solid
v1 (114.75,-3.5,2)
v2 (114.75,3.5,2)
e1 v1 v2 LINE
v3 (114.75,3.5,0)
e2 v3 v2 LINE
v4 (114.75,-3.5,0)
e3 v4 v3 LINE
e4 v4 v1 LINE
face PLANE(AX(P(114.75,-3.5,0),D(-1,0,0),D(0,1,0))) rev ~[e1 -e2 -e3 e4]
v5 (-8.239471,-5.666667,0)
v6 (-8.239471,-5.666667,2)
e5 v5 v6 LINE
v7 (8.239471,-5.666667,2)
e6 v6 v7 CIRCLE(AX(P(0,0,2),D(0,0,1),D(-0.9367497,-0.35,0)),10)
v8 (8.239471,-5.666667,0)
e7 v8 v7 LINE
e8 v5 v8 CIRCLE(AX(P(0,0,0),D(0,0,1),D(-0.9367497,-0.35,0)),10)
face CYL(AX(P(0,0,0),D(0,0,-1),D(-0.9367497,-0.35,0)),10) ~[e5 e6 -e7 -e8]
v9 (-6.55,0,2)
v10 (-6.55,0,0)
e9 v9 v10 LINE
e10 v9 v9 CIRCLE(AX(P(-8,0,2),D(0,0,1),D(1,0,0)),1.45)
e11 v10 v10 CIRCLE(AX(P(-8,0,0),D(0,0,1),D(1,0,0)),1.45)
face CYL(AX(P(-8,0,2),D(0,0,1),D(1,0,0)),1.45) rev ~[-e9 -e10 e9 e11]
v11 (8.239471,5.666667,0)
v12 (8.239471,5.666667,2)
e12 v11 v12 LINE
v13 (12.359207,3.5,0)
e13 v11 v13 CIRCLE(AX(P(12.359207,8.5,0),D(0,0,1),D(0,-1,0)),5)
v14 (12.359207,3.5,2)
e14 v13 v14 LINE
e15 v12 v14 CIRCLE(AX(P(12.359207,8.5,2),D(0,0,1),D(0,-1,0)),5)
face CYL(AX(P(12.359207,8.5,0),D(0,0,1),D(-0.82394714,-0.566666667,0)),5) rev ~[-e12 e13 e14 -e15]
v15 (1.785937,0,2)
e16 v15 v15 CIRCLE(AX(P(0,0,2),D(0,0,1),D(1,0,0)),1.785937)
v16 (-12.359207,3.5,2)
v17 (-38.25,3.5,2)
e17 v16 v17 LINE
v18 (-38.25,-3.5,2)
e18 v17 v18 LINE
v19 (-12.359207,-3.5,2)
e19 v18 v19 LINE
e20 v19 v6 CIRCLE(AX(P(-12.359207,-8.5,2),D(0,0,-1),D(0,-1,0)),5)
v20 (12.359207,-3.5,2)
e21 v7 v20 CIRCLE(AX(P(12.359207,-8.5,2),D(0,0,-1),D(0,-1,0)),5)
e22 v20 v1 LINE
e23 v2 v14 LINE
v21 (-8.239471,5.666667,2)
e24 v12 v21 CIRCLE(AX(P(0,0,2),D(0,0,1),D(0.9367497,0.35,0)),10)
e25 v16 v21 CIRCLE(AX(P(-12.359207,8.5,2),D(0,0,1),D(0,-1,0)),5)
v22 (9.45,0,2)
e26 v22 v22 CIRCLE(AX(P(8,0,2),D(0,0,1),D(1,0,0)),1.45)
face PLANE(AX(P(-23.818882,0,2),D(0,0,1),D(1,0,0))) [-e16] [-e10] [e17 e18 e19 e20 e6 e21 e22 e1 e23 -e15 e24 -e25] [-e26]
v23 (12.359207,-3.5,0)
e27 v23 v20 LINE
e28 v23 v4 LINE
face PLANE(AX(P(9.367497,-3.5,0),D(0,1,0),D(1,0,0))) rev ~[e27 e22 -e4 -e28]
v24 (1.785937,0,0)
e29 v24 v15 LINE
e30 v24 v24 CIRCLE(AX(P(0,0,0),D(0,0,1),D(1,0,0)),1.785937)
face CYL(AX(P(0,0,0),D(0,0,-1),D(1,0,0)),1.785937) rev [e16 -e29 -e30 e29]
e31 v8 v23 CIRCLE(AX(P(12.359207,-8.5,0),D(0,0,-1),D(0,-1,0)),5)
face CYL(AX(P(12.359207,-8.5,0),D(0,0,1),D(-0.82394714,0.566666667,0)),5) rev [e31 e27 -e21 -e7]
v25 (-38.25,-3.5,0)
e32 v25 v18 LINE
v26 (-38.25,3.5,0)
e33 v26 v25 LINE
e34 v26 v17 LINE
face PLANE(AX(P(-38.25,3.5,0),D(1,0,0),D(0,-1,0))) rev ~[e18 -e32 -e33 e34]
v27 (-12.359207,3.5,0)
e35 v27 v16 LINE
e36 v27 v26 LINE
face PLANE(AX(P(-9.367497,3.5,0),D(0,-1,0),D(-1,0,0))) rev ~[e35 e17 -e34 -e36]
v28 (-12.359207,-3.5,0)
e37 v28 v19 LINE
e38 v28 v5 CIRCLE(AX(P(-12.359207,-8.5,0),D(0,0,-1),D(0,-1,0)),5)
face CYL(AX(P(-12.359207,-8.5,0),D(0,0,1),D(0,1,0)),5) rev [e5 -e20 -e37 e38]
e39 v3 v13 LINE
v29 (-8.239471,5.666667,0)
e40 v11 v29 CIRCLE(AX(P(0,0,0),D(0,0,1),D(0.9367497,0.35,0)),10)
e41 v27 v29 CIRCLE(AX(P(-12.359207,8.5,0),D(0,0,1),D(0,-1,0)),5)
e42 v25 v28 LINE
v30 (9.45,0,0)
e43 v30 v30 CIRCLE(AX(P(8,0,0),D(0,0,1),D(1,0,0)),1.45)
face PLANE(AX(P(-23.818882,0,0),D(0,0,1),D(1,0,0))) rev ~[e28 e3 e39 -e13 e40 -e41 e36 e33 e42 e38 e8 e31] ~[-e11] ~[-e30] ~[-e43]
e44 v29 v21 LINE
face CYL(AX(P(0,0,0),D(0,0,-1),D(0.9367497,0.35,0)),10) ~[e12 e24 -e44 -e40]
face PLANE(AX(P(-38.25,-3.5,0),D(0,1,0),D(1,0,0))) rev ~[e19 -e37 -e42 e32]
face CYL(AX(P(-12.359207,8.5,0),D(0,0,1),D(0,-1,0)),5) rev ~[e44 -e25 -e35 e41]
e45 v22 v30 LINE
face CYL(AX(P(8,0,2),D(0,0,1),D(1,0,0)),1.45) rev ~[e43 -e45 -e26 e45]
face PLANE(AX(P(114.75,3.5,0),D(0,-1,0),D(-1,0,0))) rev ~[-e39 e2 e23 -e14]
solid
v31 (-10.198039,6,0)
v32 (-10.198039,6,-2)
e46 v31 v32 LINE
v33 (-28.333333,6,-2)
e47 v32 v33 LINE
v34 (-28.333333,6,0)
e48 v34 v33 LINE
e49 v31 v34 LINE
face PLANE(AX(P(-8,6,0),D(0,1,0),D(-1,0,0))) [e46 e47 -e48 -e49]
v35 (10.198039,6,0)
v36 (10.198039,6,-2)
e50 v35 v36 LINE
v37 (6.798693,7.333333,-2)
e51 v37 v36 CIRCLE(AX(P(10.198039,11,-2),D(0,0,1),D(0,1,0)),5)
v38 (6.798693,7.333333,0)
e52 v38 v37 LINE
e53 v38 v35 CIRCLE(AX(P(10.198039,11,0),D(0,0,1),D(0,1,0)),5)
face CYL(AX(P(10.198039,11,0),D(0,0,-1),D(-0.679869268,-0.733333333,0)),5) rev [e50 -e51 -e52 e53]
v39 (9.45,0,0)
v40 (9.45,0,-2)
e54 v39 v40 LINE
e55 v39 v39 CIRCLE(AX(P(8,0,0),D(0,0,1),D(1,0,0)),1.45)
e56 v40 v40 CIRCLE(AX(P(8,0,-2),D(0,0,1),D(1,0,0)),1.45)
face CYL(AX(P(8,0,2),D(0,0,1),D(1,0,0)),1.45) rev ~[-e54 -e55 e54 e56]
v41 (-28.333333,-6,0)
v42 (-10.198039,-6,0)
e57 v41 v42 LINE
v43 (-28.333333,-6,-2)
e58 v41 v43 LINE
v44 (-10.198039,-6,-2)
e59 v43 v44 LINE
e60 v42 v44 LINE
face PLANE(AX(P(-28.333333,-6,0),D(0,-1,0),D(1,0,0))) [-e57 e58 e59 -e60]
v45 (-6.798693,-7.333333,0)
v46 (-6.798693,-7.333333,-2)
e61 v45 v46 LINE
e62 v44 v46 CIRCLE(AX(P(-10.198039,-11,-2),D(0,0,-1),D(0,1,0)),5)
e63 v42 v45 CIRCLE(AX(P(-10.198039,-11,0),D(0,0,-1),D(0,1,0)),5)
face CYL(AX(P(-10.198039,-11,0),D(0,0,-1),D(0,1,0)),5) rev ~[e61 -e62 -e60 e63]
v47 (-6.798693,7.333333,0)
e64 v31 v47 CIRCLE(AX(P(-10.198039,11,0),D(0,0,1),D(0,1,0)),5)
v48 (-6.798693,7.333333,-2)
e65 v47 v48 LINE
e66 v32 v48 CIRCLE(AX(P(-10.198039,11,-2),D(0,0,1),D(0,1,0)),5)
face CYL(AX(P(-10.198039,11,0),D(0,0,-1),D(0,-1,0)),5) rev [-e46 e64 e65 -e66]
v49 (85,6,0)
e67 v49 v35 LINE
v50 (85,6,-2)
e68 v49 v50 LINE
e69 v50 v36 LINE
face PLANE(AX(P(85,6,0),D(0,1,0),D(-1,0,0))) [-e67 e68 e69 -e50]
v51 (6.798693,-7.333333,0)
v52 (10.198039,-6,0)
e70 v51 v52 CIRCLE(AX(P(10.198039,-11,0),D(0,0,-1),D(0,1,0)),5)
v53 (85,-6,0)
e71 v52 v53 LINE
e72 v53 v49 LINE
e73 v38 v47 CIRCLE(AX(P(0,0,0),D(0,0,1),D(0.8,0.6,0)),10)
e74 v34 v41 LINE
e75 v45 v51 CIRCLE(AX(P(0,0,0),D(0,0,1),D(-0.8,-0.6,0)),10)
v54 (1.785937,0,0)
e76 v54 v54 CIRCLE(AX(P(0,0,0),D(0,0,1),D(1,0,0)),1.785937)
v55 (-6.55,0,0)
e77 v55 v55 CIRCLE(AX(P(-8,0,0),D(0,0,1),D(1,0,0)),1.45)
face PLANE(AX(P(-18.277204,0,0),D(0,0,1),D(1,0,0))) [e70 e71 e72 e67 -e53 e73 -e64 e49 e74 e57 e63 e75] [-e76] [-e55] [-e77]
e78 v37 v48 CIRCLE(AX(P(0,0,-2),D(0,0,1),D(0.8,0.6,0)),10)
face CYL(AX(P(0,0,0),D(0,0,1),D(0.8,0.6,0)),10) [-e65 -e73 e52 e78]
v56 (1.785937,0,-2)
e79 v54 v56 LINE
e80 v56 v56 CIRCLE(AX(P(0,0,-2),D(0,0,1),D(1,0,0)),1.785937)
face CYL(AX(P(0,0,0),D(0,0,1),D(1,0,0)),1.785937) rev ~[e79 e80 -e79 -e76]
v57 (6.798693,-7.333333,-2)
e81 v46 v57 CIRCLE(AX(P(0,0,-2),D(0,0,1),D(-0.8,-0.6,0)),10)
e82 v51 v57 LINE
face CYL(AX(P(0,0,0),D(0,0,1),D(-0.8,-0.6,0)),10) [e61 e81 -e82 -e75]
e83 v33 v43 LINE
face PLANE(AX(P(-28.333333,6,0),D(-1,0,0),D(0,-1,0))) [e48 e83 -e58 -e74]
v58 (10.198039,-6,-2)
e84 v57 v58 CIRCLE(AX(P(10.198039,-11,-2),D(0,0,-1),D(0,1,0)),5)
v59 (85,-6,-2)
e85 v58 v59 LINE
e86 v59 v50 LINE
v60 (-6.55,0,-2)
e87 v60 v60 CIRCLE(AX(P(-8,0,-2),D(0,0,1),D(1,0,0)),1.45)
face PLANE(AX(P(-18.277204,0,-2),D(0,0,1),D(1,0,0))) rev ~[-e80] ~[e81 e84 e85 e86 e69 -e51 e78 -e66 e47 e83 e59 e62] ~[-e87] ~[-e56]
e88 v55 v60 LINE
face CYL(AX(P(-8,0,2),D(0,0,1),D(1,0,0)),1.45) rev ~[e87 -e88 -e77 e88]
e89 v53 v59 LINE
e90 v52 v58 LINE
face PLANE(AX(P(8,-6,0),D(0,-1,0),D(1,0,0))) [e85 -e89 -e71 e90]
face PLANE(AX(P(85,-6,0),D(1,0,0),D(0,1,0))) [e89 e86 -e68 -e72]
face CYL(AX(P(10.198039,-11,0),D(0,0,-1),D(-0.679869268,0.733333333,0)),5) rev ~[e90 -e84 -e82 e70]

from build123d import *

# Parameters (mm, degrees)
F0_R     = 1.7859375
F1_DEPTH = 2
F2_R     = 1.7859375
F3_DEPTH = 2
F4_R     = 1.45
F5_DEPTH = 25
F6_R     = 5
F6_2_R   = 5


with BuildPart() as f1:
    # F0 (on Top) → F1 (new body)
    with BuildSketch(Plane.XY):
        with BuildLine():
            Line((-9.3674969976, 3.5), (-38.25, 3.5))
            Line((-38.25, 3.5), (-38.25, -3.5))
            Line((-38.25, -3.5), (-9.3674969976, -3.5))
            ThreePointArc((-9.3674969976, -3.5), (-10, 0), (-9.3674969976, 3.5))
        make_face()
        with BuildLine():
            ThreePointArc((9.3674969976, 3.5), (0, 10), (-9.3674969976, 3.5))
            Line((-9.3674969976, 3.5), (9.3674969976, 3.5))
        make_face()
        with BuildLine():
            Line((9.3674969976, 3.5), (-9.3674969976, 3.5))
            ThreePointArc((-9.3674969976, 3.5), (-10, 0), (-9.3674969976, -3.5))
            Line((-9.3674969976, -3.5), (9.3674969976, -3.5))
            ThreePointArc((9.3674969976, -3.5), (9.8406038935, -1.7783461452), (10, 0))
            ThreePointArc((10, 0), (9.8406038935, 1.7783461452), (9.3674969976, 3.5))
        make_face()
        Circle(F0_R, mode=Mode.SUBTRACT)
        with BuildLine():
            Line((114.75, 3.5), (9.3674969976, 3.5))
            ThreePointArc((9.3674969976, 3.5), (9.8406038935, 1.7783461452), (10, 0))
            ThreePointArc((10, 0), (9.8406038935, -1.7783461452), (9.3674969976, -3.5))
            Line((9.3674969976, -3.5), (114.75, -3.5))
            Line((114.75, -3.5), (114.75, 3.5))
        make_face()
        with BuildLine():
            Line((9.3674969976, -3.5), (-9.3674969976, -3.5))
            ThreePointArc((-9.3674969976, -3.5), (0, -10), (9.3674969976, -3.5))
        make_face()
    extrude(amount=F1_DEPTH)


with BuildPart() as f3:
    # F2 (on Top) → F3 (new body)
    with BuildSketch(Plane.XY):
        with BuildLine():
            Line((-8, 6), (-28.3333333333, 6))
            Line((-28.3333333333, 6), (-28.3333333333, -6))
            Line((-28.3333333333, -6), (-8, -6))
            ThreePointArc((-8, -6), (-10, 0), (-8, 6))
        make_face()
        with BuildLine():
            ThreePointArc((8, 6), (0, 10), (-8, 6))
            Line((-8, 6), (8, 6))
        make_face()
        with BuildLine():
            Line((8, 6), (-8, 6))
            ThreePointArc((-8, 6), (-10, 0), (-8, -6))
            Line((-8, -6), (8, -6))
            ThreePointArc((8, -6), (9.4868329805, -3.1622776602), (10, 0))
            ThreePointArc((10, 0), (9.4868329805, 3.1622776602), (8, 6))
        make_face()
        Circle(F2_R, mode=Mode.SUBTRACT)
        with BuildLine():
            Line((85, 6), (8, 6))
            ThreePointArc((8, 6), (9.4868329805, 3.1622776602), (10, 0))
            ThreePointArc((10, 0), (9.4868329805, -3.1622776602), (8, -6))
            Line((8, -6), (85, -6))
            Line((85, -6), (85, 6))
        make_face()
        with BuildLine():
            Line((8, -6), (-8, -6))
            ThreePointArc((-8, -6), (0, -10), (8, -6))
        make_face()
    extrude(amount=-F3_DEPTH)


with BuildPart() as f5_tool:
    # F4 (on face) → F5 (new body)
    with BuildSketch(Plane.XY.offset(2)):
        with Locations((8, 0)):
            Circle(F4_R)
        with Locations((-8, 0)):
            Circle(F4_R)
    extrude(amount=-F5_DEPTH)


with BuildPart() as f1_1:
    add(f1.part)

    # F5: cut by f5_tool
    add(f5_tool.part, mode=Mode.SUBTRACT)

    # F6
    f6_edges = [f1_1.edges().sort_by_distance(p)[0] for p in [
        (9.367497, -3.5, 1),
        (9.367497, 3.5, 1),
        (-9.367497, 3.5, 1),
        (-9.367497, -3.5, 1),
    ]]
    fillet(f6_edges, radius=F6_R)


with BuildPart() as f3_1:
    add(f3.part)

    # F5: cut by f5_tool
    add(f5_tool.part, mode=Mode.SUBTRACT)

    # F6#2
    f6_2_edges = [f3_1.edges().sort_by_distance(p)[0] for p in [
        (-8, -6, -1),
        (8, 6, -1),
        (8, -6, -1),
        (-8, 6, -1),
    ]]
    fillet(f6_2_edges, radius=F6_2_R)


solid = Compound([f1_1.part, f3_1.part])
